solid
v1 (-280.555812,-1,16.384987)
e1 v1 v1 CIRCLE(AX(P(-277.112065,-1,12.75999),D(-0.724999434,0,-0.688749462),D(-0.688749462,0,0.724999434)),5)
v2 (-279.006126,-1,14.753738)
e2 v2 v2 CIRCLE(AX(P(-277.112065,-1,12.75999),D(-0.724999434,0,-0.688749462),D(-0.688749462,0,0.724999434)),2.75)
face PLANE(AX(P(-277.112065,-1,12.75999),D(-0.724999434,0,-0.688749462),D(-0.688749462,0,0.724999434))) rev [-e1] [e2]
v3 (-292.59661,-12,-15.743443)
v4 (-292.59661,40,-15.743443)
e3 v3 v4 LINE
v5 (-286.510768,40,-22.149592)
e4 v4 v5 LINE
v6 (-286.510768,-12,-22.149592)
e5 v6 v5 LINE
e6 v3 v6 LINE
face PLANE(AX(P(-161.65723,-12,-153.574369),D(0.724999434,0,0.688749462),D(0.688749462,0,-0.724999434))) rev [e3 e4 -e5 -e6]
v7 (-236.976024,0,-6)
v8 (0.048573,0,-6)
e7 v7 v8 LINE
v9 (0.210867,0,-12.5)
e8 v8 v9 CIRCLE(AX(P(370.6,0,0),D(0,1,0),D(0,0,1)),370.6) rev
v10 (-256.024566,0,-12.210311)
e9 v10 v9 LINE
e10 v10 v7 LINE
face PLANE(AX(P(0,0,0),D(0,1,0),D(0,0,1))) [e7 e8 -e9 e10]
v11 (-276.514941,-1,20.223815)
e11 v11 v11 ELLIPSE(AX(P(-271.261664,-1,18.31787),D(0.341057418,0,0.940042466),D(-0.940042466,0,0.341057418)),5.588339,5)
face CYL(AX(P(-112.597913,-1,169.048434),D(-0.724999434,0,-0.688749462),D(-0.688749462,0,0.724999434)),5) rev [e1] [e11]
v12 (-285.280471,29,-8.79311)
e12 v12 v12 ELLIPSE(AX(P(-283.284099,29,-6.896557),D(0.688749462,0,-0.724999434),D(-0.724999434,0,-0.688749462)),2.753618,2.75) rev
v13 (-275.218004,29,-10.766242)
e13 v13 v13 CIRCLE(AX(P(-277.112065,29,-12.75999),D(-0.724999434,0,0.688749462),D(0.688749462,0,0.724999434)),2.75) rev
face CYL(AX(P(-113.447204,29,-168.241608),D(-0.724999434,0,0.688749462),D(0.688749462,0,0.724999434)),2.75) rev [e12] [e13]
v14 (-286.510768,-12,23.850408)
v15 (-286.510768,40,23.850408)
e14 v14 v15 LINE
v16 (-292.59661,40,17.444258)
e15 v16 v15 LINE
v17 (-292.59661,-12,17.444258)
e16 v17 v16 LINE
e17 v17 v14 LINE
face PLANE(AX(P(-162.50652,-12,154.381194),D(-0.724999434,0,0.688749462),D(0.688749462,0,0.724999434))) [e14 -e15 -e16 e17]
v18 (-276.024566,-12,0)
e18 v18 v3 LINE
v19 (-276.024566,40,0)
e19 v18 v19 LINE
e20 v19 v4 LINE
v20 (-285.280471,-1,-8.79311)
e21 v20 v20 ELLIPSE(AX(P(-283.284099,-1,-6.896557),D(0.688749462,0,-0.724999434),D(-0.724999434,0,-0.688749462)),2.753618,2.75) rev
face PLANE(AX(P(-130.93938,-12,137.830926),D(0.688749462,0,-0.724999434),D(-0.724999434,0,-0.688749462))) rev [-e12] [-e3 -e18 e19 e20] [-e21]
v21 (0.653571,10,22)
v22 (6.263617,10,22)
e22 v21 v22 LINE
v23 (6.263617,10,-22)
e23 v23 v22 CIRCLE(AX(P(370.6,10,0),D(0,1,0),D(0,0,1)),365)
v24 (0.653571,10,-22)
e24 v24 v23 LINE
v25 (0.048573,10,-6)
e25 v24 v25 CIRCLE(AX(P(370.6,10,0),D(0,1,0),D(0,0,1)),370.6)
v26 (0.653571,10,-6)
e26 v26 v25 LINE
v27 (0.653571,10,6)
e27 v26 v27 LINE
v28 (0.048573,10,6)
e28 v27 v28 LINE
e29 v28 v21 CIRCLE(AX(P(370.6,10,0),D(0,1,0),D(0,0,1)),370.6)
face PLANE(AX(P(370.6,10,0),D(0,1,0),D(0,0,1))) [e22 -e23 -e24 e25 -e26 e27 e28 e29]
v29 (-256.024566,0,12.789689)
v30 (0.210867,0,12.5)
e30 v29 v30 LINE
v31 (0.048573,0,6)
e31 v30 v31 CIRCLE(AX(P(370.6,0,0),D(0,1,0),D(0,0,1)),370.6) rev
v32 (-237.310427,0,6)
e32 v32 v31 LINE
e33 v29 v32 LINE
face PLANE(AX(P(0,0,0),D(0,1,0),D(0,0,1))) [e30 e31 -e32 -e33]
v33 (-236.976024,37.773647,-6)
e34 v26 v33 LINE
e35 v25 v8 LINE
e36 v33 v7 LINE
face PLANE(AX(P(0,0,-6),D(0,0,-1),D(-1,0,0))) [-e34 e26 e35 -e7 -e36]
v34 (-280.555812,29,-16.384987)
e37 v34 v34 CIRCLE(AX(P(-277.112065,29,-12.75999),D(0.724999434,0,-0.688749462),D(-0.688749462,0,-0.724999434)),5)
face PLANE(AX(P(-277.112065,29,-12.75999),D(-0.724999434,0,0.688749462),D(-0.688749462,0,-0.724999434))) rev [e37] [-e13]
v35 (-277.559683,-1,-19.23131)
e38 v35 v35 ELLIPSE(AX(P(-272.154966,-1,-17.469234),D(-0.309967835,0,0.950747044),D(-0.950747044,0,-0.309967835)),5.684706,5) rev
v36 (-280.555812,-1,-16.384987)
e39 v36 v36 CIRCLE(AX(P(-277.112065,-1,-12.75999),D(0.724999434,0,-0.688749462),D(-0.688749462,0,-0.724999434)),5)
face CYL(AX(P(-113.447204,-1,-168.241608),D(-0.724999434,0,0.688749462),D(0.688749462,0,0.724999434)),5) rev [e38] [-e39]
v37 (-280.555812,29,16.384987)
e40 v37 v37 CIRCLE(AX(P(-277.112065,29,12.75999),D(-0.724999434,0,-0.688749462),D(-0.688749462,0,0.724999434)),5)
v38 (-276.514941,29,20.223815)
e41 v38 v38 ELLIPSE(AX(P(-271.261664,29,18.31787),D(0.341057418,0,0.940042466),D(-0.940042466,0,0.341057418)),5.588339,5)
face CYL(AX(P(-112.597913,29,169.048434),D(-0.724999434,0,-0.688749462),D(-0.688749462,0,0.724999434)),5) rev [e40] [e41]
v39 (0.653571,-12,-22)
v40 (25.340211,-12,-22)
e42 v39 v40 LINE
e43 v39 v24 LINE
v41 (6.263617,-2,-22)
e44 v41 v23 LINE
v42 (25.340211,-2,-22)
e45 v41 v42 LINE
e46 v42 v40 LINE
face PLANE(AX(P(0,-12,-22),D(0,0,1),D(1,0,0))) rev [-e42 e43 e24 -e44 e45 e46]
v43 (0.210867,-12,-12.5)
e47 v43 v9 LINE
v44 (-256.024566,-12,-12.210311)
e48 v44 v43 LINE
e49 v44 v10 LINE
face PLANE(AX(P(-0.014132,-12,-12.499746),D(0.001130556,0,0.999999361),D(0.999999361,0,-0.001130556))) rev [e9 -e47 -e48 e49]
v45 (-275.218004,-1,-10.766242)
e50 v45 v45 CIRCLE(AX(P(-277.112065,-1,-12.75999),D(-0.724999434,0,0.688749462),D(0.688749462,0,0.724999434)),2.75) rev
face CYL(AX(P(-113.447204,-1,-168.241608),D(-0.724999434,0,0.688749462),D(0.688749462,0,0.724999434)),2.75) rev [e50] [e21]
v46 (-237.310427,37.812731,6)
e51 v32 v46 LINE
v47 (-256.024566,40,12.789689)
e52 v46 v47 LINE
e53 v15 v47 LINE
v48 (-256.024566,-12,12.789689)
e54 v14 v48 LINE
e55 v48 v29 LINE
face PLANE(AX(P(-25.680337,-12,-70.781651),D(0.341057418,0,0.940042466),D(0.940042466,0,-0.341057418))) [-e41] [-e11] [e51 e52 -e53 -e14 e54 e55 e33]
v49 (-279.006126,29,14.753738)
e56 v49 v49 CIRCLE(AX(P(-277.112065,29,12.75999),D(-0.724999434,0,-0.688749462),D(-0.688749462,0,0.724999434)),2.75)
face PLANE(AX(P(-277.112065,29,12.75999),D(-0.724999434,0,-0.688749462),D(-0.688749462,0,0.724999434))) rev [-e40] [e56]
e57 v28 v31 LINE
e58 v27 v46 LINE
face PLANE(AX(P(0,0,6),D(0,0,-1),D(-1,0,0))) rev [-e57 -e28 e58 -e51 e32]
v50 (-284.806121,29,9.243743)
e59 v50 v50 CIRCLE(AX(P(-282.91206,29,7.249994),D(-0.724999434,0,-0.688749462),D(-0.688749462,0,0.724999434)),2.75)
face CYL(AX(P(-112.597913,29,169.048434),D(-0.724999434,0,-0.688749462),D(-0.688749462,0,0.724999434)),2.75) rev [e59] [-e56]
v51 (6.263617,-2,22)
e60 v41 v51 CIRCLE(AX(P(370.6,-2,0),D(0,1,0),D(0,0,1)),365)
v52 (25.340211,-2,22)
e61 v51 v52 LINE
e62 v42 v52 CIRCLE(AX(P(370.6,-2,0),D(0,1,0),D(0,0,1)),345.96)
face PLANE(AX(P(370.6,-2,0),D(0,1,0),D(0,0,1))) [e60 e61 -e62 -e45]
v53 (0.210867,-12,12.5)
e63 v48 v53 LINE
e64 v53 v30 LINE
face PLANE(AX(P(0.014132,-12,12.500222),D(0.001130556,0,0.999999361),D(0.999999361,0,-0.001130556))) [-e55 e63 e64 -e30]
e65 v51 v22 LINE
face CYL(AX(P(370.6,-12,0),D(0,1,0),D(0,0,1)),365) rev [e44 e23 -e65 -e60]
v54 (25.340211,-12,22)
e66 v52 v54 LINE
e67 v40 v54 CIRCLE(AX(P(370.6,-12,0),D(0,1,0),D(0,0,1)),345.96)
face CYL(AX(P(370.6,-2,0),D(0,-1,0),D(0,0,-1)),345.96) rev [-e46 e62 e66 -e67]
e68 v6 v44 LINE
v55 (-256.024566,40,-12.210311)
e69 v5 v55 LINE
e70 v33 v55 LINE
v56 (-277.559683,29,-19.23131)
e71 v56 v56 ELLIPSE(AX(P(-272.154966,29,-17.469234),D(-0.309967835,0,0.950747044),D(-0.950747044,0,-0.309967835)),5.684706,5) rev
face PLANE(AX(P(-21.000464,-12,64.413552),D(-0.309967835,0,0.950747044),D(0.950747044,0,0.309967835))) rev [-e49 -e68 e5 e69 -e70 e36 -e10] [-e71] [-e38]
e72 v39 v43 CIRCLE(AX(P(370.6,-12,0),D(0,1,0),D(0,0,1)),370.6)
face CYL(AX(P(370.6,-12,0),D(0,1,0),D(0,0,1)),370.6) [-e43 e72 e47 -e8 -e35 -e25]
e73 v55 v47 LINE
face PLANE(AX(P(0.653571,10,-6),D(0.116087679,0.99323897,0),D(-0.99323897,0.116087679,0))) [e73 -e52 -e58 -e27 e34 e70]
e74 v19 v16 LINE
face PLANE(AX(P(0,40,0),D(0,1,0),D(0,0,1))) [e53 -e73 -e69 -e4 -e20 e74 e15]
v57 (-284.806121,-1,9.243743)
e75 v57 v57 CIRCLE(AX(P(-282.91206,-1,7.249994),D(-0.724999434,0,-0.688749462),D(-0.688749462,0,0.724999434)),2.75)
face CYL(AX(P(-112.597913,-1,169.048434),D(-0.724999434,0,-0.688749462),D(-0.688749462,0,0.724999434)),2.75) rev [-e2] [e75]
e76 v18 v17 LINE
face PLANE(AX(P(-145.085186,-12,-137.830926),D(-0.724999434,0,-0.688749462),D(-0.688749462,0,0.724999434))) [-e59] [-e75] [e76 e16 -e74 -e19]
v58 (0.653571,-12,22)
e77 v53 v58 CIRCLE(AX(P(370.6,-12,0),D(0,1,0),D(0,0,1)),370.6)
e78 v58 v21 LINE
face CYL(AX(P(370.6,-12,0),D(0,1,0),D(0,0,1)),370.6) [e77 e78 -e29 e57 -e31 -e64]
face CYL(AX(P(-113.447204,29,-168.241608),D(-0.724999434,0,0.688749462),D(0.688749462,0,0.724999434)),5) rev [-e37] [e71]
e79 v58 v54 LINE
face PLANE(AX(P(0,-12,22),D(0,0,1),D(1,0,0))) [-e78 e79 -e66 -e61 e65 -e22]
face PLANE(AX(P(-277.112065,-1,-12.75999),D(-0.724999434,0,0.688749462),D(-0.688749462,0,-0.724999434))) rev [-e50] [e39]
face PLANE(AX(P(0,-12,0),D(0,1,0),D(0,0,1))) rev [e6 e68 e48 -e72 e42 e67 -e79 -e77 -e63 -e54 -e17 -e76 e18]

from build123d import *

# Parameters (mm, degrees)
BOSS_EXTRUDE2_DEPTH          = 12
BOSS_EXTRUDE3_START          = -2
BOSS_EXTRUDE3_DEPTH          = 10
BOSS_EXTRUDE4_START          = 10
BOSS_EXTRUDE4_DEPTH          = 22
BOSS_EXTRUDE7_DEPTH          = 40
BOSS_EXTRUDE17_DEPTH         = 6
BOSS_EXTRUDE17_DEPTH_BACK    = 6
CUT_EXTRUDE_THIN1_DEPTH      = 297.279628574
CUT_EXTRUDE_THIN1_DEPTH_BACK = 297.279628574
CUT_EXTRUDE1_START           = -8
SKETCH6_R                    = 5
CUT_EXTRUDE1_DEPTH           = 231.29743947
SKETCH6_4_R                  = 2.75
CUT_EXTRUDE2_DEPTH           = 239.29743947


with BuildPart() as part:
    # Sketch2 → Boss-Extrude2 (new body)
    with BuildSketch(Plane(origin=(0, 0, 0), x_dir=(1, 0, 0), z_dir=(0, 1, 0))):
        with BuildLine():
            Line((-292.596610314, 15.743442535), (-276.02456554, 0))
            Line((-276.02456554, 0), (-292.596610314, -17.444257657))
            Line((-292.596610314, -17.444257657), (-286.510767905, -23.850407561))
            Line((-286.510767905, -23.850407561), (-256.02456554, -12.789688675))
            Line((-256.02456554, -12.789688675), (0.21086679, -12.5))
            ThreePointArc((0.21086679, -12.5), (0.401744327, -17.25142014), (0.653571446, -22))
            Line((0.653571446, -22), (6.263616969, -22))
            ThreePointArc((6.263616969, -22), (5.6, 0), (6.263616969, 22))
            Line((6.263616969, 22), (0.653571446, 22))
            ThreePointArc((0.653571446, 22), (0.401744327, 17.25142014), (0.21086679, 12.5))
            Line((0.21086679, 12.5), (-256.02456554, 12.210311325))
            Line((-256.02456554, 12.210311325), (-286.510767905, 22.149592439))
            Line((-286.510767905, 22.149592439), (-292.596610314, 15.743442535))
        make_face()
    extrude(amount=-BOSS_EXTRUDE2_DEPTH)

    # Sketch2<5> → Boss-Extrude3 (add)
    with BuildSketch(Plane(origin=(0, 0, 0), x_dir=(1, 0, 0), z_dir=(0, 1, 0)).offset(BOSS_EXTRUDE3_START)):
        with BuildLine():
            Line((25.340211435, 22), (6.263616969, 22))
            ThreePointArc((6.263616969, 22), (5.6, 0), (6.263616969, -22))
            Line((6.263616969, -22), (25.340211435, -22))
            ThreePointArc((25.340211435, -22), (24.64, 0), (25.340211435, 22))
        make_face()
    extrude(amount=-BOSS_EXTRUDE3_DEPTH)

    # Sketch2<6> → Boss-Extrude4 (add)
    with BuildSketch(Plane(origin=(0, 0, 0), x_dir=(1, 0, 0), z_dir=(0, 1, 0)).offset(BOSS_EXTRUDE4_START)):
        with BuildLine():
            ThreePointArc((0.653571446, 22), (0.401744327, 17.25142014), (0.21086679, 12.5))
            ThreePointArc((0.21086679, 12.5), (0, 0), (0.21086679, -12.5))
            ThreePointArc((0.21086679, -12.5), (0.401744327, -17.25142014), (0.653571446, -22))
            Line((0.653571446, -22), (6.263616969, -22))
            ThreePointArc((6.263616969, -22), (5.6, 0), (6.263616969, 22))
            Line((6.263616969, 22), (0.653571446, 22))
        make_face()
    extrude(amount=-BOSS_EXTRUDE4_DEPTH)

    # Sketch2<9> → Boss-Extrude7 (add)
    with BuildSketch(Plane(origin=(0, 0, 0), x_dir=(1, 0, 0), z_dir=(0, 1, 0))):
        Polygon((-292.596610314, 15.743442535), (-276.02456554, 0), (-292.596610314, -17.444257657), (-286.510767905, -23.850407561), (-219.731467486, 0.377833809), (-286.510767905, 22.149592439), align=None)
    extrude(amount=BOSS_EXTRUDE7_DEPTH)

    # Sketch4 → Boss-Extrude17 (add, two sides: drawn at the far end of the back side and taken through both)
    with BuildSketch(Plane.XY.offset(-BOSS_EXTRUDE17_DEPTH_BACK)):
        Polygon((0.653571446, 10), (-256.02456554, 40), (-256.02456554, 0), (0.653571446, 0), align=None)
    extrude(amount=BOSS_EXTRUDE17_DEPTH + BOSS_EXTRUDE17_DEPTH_BACK)

    # Sketch5 → Cut-Extrude-Thin1 (cut, two sides: drawn at the far end of the back side and taken through both)
    with BuildSketch(Plane.XY.offset(-CUT_EXTRUDE_THIN1_DEPTH_BACK)):
        Polygon((0.653571446, 10), (-256.02456554, 40), (-254.863688753, 49.932389697), (1.814448233, 19.932389697), align=None)
    extrude(amount=CUT_EXTRUDE_THIN1_DEPTH + CUT_EXTRUDE_THIN1_DEPTH_BACK, mode=Mode.SUBTRACT)

    # Sketch6 → Cut-Extrude1 (cut, through all)
    with BuildSketch(Plane(origin=(-145.085185566, 0, -137.830926288), x_dir=(-0.6887494619146907, 0, 0.724999433594416), z_dir=(-0.724999433594416, 0, -0.6887494619146907)).offset(CUT_EXTRUDE1_START)):
        with Locations((200.111770991, 29)):
            Circle(SKETCH6_R)
        with Locations((200.111770991, -1)):
            Circle(SKETCH6_R)
    cut_extrude1 = extrude(amount=-CUT_EXTRUDE1_DEPTH, mode=Mode.SUBTRACT)

    # Sketch6<4> → Cut-Extrude2 (cut, symmetric)
    with BuildSketch(Plane(origin=(-145.085185566, 0, -137.830926288), x_dir=(-0.6887494619146907, 0, 0.724999433594416), z_dir=(-0.724999433594416, 0, -0.6887494619146907))):
        with Locations((200.111770991, 29)):
            Circle(SKETCH6_4_R)
        with Locations((200.111770991, -1)):
            Circle(SKETCH6_4_R)
    cut_extrude2 = extrude(amount=CUT_EXTRUDE2_DEPTH, both=True, mode=Mode.SUBTRACT)

    # Mirror1: Cut-Extrude1, Cut-Extrude2 across plane
    add(cut_extrude1.mirror(Plane.XY), mode=Mode.SUBTRACT)
    add(cut_extrude2.mirror(Plane.XY), mode=Mode.SUBTRACT)


solid = part.part
